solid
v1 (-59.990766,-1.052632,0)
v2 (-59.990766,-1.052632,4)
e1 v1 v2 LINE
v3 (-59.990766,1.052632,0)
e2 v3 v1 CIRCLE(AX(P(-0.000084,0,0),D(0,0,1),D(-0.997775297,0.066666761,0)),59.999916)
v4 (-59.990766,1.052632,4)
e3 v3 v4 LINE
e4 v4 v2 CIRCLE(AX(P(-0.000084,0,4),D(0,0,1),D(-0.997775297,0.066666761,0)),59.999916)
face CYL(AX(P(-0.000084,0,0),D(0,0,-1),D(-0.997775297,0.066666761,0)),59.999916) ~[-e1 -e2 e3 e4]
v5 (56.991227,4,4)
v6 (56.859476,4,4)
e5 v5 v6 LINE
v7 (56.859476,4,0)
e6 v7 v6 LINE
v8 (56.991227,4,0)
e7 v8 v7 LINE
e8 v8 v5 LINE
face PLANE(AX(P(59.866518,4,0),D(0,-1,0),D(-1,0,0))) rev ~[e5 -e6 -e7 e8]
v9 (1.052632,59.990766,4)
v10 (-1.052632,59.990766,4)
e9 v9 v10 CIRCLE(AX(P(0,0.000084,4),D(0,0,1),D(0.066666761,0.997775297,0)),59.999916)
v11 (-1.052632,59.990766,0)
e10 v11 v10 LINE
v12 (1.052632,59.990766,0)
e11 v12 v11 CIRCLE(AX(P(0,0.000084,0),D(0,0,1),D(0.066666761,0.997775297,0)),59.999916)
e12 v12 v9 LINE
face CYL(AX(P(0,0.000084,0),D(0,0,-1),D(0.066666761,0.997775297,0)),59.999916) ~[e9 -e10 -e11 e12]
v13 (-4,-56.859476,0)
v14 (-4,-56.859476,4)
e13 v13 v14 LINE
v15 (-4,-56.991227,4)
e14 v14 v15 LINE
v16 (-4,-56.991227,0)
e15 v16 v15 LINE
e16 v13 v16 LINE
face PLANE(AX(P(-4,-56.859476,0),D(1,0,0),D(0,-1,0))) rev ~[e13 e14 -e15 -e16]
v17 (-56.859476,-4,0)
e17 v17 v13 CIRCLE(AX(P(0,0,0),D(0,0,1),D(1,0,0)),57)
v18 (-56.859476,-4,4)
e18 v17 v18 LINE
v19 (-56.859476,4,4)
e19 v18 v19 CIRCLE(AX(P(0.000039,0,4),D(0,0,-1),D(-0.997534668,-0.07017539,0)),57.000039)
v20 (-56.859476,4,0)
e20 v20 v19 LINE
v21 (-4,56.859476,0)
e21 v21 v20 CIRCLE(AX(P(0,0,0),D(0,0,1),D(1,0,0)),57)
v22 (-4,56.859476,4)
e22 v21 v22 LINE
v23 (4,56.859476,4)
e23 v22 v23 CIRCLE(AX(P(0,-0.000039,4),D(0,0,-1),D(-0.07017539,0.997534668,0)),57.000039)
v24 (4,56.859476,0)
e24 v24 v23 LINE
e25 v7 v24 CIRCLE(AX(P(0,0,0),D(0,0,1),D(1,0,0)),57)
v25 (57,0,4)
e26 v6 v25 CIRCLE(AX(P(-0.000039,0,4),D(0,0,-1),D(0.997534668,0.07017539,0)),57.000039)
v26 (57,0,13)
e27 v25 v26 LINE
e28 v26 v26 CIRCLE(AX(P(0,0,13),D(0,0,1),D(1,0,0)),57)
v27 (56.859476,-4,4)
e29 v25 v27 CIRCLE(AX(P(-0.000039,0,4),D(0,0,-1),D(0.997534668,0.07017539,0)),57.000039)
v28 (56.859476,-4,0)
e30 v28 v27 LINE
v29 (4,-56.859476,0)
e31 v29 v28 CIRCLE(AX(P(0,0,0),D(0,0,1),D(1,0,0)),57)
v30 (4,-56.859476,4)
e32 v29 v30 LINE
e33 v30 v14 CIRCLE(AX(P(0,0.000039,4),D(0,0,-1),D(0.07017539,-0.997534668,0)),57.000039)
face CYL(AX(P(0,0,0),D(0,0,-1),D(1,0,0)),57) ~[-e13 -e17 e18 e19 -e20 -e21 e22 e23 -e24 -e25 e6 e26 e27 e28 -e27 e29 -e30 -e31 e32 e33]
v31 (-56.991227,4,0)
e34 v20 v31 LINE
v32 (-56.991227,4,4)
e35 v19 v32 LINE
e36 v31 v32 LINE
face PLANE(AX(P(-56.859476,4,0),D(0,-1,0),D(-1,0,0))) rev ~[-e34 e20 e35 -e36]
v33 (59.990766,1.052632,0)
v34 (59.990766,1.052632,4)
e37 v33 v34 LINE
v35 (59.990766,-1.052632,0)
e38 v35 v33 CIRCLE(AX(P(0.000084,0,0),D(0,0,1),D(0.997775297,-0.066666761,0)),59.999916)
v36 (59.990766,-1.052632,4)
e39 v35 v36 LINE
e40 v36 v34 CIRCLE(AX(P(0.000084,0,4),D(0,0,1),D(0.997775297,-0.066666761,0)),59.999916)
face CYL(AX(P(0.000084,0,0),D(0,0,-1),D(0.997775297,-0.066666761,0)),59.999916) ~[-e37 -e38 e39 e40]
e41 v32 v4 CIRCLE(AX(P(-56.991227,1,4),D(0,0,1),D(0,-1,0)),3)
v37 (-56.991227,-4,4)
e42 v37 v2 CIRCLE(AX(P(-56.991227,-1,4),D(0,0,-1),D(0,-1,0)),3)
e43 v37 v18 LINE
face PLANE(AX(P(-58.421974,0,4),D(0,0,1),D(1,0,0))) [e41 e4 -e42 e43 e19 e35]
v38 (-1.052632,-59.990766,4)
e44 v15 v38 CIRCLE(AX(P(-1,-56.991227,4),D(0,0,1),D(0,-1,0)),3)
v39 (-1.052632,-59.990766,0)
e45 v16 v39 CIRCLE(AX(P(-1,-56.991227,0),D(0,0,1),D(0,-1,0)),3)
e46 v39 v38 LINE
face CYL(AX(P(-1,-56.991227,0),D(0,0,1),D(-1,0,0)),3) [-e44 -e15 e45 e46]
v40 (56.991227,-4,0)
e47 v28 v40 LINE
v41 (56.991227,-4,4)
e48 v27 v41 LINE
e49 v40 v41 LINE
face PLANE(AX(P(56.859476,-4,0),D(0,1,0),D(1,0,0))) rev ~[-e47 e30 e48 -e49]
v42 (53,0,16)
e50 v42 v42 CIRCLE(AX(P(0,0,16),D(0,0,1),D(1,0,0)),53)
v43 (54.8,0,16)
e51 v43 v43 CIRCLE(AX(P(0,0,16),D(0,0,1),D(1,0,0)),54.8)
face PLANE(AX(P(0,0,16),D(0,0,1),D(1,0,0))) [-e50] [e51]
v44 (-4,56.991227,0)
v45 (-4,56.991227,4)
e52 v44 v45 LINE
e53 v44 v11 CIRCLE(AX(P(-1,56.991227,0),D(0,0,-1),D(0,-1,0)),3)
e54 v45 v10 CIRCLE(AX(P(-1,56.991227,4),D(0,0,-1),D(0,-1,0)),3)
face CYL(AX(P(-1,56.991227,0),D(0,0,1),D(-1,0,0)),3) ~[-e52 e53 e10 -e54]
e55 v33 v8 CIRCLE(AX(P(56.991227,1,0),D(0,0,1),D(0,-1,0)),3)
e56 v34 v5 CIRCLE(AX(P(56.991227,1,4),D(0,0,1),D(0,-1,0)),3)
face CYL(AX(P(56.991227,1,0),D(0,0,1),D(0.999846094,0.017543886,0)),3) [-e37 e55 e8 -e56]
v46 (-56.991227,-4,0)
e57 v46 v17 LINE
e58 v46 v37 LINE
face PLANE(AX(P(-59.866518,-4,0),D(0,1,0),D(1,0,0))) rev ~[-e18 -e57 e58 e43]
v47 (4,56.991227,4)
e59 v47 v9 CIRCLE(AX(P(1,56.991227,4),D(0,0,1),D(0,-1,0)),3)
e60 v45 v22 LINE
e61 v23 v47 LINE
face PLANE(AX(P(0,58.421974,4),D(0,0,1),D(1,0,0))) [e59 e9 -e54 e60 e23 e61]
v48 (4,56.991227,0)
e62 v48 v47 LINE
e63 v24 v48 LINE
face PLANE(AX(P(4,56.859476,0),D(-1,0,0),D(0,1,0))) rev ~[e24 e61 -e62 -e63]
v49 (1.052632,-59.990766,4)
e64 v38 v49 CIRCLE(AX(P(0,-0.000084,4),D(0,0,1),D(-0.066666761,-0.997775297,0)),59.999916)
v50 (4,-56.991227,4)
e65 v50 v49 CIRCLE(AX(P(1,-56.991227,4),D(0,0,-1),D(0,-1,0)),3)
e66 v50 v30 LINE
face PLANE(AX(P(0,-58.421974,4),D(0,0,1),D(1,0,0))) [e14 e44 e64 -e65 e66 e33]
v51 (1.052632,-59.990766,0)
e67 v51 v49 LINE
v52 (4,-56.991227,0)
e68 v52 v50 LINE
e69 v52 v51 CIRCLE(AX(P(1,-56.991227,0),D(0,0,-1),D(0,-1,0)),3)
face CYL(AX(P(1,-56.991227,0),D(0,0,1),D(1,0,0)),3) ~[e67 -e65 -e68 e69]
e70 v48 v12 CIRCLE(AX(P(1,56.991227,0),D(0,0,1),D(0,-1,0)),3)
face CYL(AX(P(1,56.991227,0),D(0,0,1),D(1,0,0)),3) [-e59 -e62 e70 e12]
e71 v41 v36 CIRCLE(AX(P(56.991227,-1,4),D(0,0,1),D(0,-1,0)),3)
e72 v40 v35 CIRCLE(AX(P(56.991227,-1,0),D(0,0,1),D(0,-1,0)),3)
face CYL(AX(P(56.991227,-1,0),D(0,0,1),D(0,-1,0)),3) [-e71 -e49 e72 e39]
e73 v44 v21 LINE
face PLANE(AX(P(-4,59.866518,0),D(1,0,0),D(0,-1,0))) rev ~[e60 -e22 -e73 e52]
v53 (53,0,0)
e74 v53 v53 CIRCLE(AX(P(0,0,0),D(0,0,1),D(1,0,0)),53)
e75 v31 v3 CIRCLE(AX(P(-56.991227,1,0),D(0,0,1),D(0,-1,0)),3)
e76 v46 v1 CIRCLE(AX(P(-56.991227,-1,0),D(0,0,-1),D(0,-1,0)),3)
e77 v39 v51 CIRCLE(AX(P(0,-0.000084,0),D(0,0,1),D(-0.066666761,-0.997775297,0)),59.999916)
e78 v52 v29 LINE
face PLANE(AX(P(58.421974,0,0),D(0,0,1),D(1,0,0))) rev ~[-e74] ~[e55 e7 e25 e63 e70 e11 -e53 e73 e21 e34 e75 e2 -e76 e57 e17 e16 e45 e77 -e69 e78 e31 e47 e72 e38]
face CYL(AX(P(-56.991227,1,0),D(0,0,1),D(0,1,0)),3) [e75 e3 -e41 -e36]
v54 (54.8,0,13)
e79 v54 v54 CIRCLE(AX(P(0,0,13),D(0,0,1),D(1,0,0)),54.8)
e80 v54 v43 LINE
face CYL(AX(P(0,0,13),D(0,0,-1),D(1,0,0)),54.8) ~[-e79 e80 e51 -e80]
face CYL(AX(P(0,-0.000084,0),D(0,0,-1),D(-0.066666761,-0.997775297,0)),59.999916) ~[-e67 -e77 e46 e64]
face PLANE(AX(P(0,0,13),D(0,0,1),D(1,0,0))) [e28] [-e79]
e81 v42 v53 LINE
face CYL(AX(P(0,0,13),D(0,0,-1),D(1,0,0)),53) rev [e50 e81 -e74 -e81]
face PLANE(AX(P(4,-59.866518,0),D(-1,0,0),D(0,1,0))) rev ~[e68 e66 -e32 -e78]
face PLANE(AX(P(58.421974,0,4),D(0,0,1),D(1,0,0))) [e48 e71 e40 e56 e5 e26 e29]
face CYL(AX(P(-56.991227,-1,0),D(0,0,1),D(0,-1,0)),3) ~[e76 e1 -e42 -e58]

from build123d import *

# Parameters (mm, degrees)
F0_R     = 57
F0_R_2   = 53
F1_DEPTH = 13
F3_DEPTH = 4
F4_R     = 3
F5_R     = 54.8
F5_R_2   = 53
F6_DEPTH = 3


with BuildPart() as f1:
    # F0 (on Top) → F1 (new body)
    with BuildSketch(Plane.XY):
        Circle(F0_R)
        Circle(F0_R_2, mode=Mode.SUBTRACT)
    extrude(amount=F1_DEPTH)

    # F2 (on Top) → F3 (join)
    with BuildSketch(Plane.XY):
        with BuildLine():
            Line((-56.859476, 4), (-59.866518, 4))
            ThreePointArc((-59.866518, 4), (-60, 0), (-59.866518, -4))
            Line((-59.866518, -4), (-56.859476, -4))
            ThreePointArc((-56.859476, -4), (-57, 0), (-56.859476, 4))
        make_face()
        with BuildLine():
            ThreePointArc((4, 59.866518), (0, 60), (-4, 59.866518))
            Line((-4, 59.866518), (-4, 56.859476))
            ThreePointArc((-4, 56.859476), (0, 57), (4, 56.859476))
            Line((4, 56.859476), (4, 59.866518))
        make_face()
        with BuildLine():
            ThreePointArc((-4, -59.866518), (0, -60), (4, -59.866518))
            Line((4, -59.866518), (4, -56.859476))
            ThreePointArc((4, -56.859476), (0, -57), (-4, -56.859476))
            Line((-4, -56.859476), (-4, -59.866518))
        make_face()
        with BuildLine():
            Line((56.859476, -4), (59.866518, -4))
            ThreePointArc((59.866518, -4), (60, 0), (59.866518, 4))
            Line((59.866518, 4), (56.859476, 4))
            ThreePointArc((56.859476, 4), (57, 0), (56.859476, -4))
        make_face()
    extrude(amount=F3_DEPTH)

    # F4
    f4_edges = [f1.edges().sort_by_distance(p)[0] for p in [
        (59.866518, -4, 2),
        (59.866518, 4, 2),
        (-4, -59.866518, 2),
        (4, -59.866518, 2),
        (-59.866518, -4, 2),
        (-59.866518, 4, 2),
        (-4, 59.866518, 2),
        (4, 59.866518, 2),
    ]]
    fillet(f4_edges, radius=F4_R)

    # F5 (on face) → F6 (join)
    with BuildSketch(Plane.XY.offset(13)):
        Circle(F5_R)
        Circle(F5_R_2, mode=Mode.SUBTRACT)
    extrude(amount=F6_DEPTH)


solid = f1.part
